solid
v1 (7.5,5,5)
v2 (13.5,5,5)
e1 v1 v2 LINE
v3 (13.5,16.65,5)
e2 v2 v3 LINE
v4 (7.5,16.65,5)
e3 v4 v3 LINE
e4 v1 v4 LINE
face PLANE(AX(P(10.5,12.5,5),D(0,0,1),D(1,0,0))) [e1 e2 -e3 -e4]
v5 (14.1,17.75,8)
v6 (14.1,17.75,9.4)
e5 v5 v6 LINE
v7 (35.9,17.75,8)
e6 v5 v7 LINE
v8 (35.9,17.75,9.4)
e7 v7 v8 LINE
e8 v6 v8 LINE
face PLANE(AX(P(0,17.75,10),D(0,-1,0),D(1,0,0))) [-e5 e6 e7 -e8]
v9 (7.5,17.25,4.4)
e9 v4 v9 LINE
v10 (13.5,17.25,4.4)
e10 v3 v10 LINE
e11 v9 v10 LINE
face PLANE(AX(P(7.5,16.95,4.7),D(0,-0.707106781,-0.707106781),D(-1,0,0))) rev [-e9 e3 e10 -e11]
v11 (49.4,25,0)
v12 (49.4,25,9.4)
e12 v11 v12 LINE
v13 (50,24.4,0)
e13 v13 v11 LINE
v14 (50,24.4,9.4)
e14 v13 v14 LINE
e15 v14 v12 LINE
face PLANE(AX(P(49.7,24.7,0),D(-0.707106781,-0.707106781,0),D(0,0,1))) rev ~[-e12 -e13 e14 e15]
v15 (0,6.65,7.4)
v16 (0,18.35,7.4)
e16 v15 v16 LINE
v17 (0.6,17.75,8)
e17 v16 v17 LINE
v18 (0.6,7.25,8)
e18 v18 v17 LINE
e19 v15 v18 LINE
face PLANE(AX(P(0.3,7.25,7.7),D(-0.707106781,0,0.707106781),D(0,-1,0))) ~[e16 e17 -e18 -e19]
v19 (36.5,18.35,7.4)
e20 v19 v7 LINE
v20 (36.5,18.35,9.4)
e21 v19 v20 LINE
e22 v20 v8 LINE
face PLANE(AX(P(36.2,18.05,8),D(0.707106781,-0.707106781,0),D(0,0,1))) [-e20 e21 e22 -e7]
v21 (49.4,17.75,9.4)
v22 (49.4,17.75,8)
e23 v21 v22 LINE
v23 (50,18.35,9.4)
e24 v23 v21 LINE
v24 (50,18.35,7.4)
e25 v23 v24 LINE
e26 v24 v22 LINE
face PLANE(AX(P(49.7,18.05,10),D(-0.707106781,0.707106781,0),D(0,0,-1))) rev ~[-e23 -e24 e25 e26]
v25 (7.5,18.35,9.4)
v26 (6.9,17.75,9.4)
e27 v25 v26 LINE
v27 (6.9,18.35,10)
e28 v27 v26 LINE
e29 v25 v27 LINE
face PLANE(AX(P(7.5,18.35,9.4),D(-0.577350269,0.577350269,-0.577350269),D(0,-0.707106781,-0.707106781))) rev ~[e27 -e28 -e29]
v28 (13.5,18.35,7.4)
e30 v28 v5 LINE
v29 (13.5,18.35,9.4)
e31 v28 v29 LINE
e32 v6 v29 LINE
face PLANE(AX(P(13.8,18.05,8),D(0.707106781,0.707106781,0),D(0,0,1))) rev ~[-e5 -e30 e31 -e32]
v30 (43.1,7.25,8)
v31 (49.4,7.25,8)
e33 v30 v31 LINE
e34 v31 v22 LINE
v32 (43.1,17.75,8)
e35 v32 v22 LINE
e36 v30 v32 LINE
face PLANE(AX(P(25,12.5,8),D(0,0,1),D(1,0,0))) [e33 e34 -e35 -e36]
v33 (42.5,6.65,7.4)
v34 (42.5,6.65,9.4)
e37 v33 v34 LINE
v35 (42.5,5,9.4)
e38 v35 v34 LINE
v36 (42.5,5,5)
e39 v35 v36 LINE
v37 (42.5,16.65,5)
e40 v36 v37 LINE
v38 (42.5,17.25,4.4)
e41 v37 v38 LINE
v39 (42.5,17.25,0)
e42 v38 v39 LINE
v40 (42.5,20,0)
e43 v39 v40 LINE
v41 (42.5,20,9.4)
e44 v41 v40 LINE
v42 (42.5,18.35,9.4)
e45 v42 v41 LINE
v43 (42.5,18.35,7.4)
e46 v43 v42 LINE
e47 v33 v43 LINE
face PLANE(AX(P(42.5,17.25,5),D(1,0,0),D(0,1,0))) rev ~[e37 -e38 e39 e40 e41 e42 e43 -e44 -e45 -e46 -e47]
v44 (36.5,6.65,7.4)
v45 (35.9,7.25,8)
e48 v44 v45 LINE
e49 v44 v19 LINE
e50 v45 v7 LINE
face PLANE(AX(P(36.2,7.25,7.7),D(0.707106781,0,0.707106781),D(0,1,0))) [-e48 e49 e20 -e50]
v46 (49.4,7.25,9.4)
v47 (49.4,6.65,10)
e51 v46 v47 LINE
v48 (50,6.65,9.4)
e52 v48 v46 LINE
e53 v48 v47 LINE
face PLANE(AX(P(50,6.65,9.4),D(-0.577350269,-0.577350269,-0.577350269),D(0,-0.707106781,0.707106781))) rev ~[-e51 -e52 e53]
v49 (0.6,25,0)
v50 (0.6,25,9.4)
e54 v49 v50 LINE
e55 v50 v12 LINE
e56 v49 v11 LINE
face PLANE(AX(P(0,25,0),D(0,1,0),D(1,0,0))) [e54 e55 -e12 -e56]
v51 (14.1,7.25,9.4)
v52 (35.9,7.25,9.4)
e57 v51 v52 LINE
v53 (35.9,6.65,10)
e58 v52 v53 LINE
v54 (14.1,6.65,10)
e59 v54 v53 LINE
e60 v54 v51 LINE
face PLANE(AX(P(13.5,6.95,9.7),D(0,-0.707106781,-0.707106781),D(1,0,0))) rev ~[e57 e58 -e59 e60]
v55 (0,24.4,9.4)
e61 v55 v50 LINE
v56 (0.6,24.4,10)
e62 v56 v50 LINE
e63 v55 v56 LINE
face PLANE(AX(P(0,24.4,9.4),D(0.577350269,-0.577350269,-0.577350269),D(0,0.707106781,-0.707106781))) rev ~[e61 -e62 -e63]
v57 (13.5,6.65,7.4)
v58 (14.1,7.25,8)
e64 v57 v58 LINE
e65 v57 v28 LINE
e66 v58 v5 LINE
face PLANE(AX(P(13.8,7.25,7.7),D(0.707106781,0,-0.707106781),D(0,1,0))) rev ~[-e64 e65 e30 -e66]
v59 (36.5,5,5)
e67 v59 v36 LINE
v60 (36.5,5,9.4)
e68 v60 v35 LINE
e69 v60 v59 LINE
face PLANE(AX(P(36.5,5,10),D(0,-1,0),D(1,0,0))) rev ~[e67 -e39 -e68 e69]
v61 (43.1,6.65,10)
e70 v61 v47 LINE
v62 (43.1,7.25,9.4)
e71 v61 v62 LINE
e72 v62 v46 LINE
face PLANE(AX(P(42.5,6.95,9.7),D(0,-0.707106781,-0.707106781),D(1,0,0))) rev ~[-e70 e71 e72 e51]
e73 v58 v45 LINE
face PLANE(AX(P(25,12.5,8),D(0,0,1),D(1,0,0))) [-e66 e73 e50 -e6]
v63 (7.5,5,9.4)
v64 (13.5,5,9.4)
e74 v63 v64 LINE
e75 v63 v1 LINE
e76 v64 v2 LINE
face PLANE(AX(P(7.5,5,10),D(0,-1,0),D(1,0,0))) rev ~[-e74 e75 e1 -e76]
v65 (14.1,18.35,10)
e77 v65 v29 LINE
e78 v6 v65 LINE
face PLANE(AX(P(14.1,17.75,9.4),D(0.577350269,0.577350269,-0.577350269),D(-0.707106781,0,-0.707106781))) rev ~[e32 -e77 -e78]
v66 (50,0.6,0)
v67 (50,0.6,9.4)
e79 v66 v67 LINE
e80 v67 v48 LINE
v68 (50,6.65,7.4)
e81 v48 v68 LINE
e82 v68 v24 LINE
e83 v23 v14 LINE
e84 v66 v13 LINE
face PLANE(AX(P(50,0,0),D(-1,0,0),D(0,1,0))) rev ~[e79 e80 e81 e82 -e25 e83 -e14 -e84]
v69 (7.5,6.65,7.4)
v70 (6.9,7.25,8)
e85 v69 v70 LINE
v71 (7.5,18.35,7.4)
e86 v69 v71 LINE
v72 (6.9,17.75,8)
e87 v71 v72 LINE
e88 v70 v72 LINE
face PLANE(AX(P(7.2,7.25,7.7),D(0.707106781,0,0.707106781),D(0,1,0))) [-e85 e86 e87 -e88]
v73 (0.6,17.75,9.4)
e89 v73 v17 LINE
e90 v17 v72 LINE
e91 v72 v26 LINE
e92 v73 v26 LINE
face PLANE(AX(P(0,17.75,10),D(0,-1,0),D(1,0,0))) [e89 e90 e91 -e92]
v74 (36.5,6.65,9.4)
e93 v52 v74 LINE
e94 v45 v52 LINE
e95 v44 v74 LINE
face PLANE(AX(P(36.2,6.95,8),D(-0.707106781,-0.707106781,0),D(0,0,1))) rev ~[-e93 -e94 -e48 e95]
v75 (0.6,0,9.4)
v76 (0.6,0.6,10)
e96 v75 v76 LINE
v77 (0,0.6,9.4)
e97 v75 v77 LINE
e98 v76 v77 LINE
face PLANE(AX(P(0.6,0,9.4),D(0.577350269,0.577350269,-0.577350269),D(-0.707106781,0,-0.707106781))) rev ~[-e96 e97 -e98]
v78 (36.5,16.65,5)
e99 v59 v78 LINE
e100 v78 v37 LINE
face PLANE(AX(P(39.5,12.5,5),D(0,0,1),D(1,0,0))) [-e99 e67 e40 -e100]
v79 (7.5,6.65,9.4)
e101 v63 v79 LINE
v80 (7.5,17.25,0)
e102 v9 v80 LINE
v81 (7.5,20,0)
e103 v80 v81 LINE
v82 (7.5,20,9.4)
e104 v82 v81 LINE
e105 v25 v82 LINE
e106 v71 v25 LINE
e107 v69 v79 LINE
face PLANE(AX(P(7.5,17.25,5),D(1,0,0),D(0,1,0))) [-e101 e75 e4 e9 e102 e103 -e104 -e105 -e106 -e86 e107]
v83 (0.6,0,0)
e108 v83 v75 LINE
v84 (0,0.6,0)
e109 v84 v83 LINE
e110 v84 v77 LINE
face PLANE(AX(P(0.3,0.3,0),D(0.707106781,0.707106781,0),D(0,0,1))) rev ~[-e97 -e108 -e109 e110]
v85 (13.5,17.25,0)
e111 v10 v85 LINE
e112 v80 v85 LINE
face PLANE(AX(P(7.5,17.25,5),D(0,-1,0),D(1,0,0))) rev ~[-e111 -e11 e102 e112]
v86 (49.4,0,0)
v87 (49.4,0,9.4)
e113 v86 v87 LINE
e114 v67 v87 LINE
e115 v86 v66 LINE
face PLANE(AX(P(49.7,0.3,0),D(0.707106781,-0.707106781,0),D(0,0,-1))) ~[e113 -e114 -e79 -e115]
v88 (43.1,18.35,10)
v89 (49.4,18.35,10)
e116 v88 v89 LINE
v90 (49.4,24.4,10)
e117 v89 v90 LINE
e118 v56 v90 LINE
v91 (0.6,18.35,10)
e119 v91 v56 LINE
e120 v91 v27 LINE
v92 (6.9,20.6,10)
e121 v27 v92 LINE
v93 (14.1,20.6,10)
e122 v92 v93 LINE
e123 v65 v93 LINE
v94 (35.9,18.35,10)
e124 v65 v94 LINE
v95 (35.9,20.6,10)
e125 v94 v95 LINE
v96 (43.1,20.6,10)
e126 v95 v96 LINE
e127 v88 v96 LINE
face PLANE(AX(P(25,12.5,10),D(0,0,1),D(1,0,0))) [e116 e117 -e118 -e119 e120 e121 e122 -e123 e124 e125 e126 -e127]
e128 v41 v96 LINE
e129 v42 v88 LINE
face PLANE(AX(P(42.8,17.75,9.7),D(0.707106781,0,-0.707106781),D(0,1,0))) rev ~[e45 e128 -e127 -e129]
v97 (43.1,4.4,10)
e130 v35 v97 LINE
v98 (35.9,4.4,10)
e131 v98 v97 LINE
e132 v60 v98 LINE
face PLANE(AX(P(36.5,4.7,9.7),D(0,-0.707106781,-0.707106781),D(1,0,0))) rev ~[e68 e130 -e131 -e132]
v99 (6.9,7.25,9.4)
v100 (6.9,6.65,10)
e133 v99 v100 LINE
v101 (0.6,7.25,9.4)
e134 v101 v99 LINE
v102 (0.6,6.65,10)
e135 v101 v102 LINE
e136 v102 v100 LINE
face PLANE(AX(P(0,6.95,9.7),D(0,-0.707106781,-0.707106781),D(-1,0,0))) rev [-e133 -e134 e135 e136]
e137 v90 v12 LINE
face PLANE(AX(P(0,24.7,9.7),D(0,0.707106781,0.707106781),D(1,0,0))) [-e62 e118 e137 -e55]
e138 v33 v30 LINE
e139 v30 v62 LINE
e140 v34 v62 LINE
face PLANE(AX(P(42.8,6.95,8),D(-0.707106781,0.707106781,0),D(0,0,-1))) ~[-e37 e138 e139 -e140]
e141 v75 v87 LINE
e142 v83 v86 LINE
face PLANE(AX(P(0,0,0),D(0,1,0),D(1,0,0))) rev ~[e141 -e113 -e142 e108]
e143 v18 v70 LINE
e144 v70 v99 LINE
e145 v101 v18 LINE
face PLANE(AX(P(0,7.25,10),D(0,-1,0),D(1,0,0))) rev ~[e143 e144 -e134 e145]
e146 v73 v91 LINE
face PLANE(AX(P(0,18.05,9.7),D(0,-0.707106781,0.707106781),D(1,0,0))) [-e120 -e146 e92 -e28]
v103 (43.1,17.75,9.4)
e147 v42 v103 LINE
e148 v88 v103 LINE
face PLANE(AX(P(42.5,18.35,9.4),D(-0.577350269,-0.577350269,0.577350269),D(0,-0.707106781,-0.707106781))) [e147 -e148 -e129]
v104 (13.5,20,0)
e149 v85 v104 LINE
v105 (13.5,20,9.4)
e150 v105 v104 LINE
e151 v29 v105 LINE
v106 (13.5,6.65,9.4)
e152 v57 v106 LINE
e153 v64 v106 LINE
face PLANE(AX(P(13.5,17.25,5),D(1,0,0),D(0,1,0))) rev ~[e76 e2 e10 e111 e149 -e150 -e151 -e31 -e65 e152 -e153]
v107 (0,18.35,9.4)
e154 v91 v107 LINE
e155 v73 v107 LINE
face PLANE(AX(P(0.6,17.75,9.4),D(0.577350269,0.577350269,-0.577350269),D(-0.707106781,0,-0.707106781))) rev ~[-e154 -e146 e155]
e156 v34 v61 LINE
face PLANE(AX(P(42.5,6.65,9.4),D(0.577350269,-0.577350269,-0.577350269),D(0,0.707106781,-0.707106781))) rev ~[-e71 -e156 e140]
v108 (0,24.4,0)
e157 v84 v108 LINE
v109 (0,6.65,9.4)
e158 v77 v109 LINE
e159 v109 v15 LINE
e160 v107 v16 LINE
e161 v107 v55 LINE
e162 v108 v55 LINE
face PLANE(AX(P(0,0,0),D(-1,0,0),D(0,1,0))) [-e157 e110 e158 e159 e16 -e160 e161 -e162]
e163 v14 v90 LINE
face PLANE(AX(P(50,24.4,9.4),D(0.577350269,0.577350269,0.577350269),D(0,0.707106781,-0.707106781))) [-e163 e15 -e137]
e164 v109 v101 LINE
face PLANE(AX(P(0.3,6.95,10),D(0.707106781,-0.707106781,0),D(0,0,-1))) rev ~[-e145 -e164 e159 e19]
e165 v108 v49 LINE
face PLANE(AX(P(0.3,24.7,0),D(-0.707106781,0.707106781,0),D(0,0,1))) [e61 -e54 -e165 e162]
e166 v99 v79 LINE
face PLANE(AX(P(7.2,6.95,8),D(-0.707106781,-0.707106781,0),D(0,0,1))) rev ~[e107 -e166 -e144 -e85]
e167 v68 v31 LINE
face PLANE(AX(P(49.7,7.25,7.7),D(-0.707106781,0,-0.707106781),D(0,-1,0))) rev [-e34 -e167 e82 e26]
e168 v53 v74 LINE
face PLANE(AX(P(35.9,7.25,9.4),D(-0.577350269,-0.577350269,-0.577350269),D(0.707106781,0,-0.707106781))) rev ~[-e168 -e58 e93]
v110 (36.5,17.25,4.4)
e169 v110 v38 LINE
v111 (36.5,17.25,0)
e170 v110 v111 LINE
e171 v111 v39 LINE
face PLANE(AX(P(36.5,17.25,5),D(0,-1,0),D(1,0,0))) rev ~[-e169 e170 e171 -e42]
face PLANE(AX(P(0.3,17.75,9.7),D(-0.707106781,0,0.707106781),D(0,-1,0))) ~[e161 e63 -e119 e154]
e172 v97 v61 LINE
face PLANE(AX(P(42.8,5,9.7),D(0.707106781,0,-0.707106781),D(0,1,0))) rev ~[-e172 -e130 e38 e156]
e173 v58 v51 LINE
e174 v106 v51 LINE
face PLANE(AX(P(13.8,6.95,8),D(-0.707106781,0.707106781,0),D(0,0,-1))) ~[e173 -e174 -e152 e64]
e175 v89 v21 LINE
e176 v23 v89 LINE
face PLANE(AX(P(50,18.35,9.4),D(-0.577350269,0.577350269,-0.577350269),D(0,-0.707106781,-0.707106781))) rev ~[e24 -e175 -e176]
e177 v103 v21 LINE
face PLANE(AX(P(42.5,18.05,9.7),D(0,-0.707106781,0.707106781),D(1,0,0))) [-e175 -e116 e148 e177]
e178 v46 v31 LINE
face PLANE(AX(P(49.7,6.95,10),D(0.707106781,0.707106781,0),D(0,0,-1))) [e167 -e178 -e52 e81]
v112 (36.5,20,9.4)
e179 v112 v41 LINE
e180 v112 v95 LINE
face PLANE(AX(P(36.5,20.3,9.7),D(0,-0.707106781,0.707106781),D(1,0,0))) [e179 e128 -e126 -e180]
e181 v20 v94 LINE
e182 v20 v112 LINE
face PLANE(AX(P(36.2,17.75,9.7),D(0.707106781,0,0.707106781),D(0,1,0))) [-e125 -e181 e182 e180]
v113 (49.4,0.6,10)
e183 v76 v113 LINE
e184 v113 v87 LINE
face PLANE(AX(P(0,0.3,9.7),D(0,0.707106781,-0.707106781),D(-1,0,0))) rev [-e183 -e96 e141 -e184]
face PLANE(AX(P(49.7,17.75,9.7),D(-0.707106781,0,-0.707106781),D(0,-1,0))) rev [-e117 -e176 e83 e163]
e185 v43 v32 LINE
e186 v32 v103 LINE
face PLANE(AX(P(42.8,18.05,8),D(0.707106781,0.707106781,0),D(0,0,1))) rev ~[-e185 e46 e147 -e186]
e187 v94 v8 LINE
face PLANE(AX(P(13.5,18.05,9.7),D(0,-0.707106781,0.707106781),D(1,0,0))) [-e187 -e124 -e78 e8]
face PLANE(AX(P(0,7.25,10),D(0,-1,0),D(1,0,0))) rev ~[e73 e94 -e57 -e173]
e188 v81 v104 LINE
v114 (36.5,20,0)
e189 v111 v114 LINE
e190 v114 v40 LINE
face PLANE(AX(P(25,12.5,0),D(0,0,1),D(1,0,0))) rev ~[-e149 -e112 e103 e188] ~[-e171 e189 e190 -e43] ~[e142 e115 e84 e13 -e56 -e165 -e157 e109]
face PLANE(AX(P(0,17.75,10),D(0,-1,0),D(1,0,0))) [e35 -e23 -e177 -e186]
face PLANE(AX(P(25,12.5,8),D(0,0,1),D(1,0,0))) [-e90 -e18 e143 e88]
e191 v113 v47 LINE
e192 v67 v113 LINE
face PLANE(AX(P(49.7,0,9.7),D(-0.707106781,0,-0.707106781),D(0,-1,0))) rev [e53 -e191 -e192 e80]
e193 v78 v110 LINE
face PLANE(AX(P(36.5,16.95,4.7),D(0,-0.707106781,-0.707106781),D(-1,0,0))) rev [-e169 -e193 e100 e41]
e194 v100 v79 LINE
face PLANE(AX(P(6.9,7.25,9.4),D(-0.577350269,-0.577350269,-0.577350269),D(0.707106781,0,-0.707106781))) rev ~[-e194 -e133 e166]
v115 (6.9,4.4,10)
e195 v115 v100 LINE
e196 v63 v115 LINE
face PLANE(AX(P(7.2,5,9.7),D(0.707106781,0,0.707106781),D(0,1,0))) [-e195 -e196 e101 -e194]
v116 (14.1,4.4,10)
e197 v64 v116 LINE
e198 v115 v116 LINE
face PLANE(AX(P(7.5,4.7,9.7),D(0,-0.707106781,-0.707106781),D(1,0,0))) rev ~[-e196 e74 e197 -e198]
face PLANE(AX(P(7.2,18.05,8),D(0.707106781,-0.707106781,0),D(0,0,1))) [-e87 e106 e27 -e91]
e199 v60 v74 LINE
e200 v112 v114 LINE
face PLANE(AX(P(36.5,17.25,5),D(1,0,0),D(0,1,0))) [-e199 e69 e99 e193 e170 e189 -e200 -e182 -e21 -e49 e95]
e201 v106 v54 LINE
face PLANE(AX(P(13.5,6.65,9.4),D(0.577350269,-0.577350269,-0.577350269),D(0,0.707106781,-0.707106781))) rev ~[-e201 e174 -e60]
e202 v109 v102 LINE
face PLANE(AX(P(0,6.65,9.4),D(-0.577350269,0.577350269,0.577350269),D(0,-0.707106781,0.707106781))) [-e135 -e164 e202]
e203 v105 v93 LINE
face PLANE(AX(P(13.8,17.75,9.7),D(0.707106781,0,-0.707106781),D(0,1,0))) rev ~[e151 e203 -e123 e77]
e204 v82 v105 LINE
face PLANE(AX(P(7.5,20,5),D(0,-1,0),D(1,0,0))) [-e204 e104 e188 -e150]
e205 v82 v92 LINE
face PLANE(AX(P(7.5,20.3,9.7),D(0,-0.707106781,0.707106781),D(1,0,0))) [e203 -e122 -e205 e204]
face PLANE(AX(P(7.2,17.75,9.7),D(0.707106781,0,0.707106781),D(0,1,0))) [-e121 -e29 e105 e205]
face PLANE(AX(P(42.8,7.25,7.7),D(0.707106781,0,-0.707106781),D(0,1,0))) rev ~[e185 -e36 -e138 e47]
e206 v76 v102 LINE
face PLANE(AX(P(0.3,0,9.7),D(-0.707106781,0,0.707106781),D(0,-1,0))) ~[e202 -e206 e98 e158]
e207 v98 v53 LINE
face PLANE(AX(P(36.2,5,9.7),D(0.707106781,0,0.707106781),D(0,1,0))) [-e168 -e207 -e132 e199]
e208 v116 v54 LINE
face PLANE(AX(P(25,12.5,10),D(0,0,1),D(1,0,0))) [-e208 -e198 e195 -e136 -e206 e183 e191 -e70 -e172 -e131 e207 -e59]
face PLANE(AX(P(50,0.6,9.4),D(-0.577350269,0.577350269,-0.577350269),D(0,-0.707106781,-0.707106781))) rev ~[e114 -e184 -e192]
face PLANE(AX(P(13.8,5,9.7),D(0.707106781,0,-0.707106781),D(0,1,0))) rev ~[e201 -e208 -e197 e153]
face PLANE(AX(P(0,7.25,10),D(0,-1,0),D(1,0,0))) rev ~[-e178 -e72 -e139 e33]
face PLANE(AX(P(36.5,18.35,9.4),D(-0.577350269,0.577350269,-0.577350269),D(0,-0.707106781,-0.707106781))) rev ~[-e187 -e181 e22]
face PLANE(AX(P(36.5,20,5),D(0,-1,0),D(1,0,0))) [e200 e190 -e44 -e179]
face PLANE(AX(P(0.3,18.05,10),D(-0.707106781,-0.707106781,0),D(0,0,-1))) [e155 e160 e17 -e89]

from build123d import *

# Parameters (mm, degrees)
SKETCH_W        = 50
SKETCH_H        = 25
PAD_DEPTH       = 10
SKETCH001_W     = 50
SKETCH001_H     = 10.5
POCKET_DEPTH    = 2
SKETCH002_W     = 6
SKETCH002_H     = 15
POCKET001_DEPTH = 5
SKETCH003_W     = 6
SKETCH003_H     = 2.75
POCKET002_DEPTH = 5
CHAMFER_SIZE    = 0.6


with BuildPart() as part:
    # Sketch → Pad (new body)
    with BuildSketch(Plane.XY):
        with Locations((25, 12.5)):
            Rectangle(SKETCH_W, SKETCH_H)
    extrude(amount=PAD_DEPTH)

    # Sketch001 (on Face6 of Pad) → Pocket (cut)
    with BuildSketch(Plane.XY.offset(10)):
        with Locations((25, 12.5)):
            Rectangle(SKETCH001_W, SKETCH001_H)
    extrude(amount=-POCKET_DEPTH, mode=Mode.SUBTRACT)

    # Sketch002 (on Face9 of Pocket) → Pocket001 (cut)
    with BuildSketch(Plane.XY.offset(10)):
        with Locations((10.5, 12.5)):
            Rectangle(SKETCH002_W, SKETCH002_H)
        with Locations((39.5, 12.5)):
            Rectangle(SKETCH002_W, SKETCH002_H)
    extrude(amount=-POCKET001_DEPTH, mode=Mode.SUBTRACT)

    # Sketch003 (on Face24 of Pocket001) → Pocket002 (cut)
    with BuildSketch(Plane.XY.offset(5)):
        with Locations((10.5, 18.625)):
            Rectangle(SKETCH003_W, SKETCH003_H)
        with Locations((39.5, 18.625)):
            Rectangle(SKETCH003_W, SKETCH003_H)
    extrude(amount=-POCKET002_DEPTH, mode=Mode.SUBTRACT)

    # Chamfer
    chamfer_edges = [part.edges().sort_by_distance(p)[0] for p in [
        (25, 25, 10),
        (0, 21.375, 10),
        (3.75, 17.75, 10),
        (7.5, 18.875, 10),
        (10.5, 20, 10),
        (13.5, 18.875, 10),
        (25, 17.75, 10),
        (36.5, 18.875, 10),
        (39.5, 20, 10),
        (46.25, 17.75, 10),
        (50, 21.375, 10),
        (50, 12.5, 8),
        (50, 17.75, 9),
        (42.5, 12.5, 8),
        (46.25, 7.25, 10),
        (50, 7.25, 9),
        (42.5, 6.125, 10),
        (39.5, 5, 10),
        (36.5, 6.125, 10),
        (25, 7.25, 10),
        (13.5, 6.125, 10),
        (10.5, 5, 10),
        (7.5, 6.125, 10),
        (3.75, 7.25, 10),
        (7.5, 12.5, 8),
        (13.5, 12.5, 8),
        (36.5, 12.5, 8),
        (0, 12.5, 8),
        (0, 17.75, 9),
        (0, 7.25, 9),
        (0, 3.625, 10),
        (25, 0, 10),
        (50, 3.625, 10),
        (42.5, 18.875, 10),
        (7.5, 7.25, 9),
        (7.5, 17.75, 9),
        (13.5, 7.25, 9),
        (36.5, 7.25, 9),
        (36.5, 17.75, 9),
        (42.5, 17.75, 9),
        (42.5, 7.25, 9),
        (13.5, 17.75, 9),
        (0, 0, 5),
        (0, 25, 5),
        (50, 0, 5),
        (50, 25, 5),
        (39.5, 17.25, 5),
        (10.5, 17.25, 5),
    ]]
    chamfer(chamfer_edges, length=CHAMFER_SIZE)


solid = part.part
